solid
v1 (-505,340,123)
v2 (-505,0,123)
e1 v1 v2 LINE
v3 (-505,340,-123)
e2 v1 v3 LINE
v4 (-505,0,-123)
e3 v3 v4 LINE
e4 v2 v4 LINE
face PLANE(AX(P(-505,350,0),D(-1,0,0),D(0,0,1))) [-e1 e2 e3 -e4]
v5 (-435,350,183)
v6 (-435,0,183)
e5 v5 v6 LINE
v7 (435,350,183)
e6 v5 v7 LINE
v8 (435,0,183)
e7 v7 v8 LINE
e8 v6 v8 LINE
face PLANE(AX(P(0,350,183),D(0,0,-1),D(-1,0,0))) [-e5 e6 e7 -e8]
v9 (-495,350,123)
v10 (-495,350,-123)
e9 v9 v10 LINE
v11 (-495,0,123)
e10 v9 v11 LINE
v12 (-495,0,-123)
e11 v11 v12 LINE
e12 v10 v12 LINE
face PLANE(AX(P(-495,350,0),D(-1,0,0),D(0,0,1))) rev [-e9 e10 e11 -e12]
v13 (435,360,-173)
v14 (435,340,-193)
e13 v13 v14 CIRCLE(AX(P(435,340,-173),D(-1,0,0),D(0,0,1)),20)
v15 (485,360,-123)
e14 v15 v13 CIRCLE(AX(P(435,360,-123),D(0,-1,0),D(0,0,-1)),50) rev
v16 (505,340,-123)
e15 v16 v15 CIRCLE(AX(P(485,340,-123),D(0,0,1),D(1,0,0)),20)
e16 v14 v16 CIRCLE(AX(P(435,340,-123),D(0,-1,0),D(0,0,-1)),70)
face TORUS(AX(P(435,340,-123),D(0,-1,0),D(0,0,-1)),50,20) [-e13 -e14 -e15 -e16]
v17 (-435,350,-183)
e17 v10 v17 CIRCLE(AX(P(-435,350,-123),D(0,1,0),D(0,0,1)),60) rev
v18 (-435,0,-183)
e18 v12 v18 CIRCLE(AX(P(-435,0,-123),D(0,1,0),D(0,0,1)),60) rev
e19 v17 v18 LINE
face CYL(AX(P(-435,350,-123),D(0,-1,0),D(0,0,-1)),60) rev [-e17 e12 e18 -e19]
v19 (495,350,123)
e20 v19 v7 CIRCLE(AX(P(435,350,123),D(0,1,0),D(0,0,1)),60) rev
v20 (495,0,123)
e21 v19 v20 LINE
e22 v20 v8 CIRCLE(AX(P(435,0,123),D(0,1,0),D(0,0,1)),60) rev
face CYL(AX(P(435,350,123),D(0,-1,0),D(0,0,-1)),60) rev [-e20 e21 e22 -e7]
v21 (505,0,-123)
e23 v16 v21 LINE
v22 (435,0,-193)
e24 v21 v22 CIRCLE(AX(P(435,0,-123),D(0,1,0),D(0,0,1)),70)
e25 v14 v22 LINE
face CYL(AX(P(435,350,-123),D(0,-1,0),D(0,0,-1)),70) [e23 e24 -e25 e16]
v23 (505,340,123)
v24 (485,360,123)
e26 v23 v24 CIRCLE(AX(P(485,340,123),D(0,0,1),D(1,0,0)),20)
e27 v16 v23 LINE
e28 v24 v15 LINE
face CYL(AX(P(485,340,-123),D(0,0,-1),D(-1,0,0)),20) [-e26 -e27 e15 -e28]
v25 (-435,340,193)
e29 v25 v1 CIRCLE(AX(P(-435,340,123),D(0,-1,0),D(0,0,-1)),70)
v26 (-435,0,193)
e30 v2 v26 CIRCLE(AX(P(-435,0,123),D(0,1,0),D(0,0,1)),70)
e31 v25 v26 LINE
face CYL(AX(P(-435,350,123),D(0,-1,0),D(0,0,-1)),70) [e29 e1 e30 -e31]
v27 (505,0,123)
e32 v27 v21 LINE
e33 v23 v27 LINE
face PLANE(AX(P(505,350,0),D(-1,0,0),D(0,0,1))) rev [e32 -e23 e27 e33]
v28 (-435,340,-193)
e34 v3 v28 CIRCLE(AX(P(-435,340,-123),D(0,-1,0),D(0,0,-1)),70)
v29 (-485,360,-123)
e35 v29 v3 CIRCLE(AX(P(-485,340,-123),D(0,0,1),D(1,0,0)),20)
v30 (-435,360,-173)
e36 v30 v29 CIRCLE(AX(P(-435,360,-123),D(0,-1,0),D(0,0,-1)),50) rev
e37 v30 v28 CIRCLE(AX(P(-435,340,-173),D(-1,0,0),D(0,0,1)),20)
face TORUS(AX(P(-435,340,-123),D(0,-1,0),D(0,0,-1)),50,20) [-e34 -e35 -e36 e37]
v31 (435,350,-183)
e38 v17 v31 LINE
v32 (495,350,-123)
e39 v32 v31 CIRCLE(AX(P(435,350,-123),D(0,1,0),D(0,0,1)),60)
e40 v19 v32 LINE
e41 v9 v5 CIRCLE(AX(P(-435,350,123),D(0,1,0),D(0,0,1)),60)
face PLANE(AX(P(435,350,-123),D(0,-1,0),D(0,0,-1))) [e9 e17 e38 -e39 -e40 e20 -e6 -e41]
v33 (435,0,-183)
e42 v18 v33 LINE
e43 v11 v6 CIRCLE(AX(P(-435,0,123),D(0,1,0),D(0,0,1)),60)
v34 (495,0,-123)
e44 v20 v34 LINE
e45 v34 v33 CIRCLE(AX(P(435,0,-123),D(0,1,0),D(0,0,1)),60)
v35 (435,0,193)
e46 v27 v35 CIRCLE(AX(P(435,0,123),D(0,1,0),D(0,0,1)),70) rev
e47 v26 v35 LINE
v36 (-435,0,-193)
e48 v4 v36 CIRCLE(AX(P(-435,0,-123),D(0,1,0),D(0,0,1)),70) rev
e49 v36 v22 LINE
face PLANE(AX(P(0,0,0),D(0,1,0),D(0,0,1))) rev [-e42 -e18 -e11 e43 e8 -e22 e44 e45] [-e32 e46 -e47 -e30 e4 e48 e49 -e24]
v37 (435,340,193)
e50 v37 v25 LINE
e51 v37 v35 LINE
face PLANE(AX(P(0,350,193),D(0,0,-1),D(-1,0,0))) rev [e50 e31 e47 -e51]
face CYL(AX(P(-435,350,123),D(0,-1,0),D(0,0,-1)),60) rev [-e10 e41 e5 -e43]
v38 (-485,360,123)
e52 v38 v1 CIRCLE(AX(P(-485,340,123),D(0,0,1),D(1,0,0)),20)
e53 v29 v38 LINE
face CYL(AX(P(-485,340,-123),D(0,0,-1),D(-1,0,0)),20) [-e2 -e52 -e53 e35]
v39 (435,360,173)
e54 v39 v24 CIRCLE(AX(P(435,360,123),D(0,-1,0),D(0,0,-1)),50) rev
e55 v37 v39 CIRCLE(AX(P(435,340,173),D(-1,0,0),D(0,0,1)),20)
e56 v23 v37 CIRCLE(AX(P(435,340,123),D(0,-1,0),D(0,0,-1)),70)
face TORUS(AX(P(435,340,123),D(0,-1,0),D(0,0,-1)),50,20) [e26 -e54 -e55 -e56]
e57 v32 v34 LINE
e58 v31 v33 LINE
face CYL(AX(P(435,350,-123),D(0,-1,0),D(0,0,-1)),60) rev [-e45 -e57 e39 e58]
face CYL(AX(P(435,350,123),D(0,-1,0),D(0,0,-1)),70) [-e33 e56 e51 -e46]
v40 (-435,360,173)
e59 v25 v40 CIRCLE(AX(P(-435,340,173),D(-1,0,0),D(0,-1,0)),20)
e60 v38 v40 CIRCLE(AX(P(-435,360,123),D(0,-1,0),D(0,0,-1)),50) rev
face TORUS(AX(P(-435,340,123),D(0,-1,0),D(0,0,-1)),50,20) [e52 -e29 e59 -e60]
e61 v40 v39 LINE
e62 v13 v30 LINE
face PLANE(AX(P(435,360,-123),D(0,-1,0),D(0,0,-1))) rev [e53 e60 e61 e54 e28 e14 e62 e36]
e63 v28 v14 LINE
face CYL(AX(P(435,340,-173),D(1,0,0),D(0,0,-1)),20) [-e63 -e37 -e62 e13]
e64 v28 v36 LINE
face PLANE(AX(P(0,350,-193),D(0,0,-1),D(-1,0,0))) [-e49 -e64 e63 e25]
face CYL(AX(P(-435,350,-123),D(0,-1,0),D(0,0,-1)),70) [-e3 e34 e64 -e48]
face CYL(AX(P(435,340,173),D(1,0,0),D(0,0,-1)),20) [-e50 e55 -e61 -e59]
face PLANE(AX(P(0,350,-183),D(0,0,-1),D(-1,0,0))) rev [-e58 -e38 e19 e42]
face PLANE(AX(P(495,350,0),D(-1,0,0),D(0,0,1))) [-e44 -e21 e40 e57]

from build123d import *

# Parameters (mm, degrees)
BOSS_EXTRUDE1_DEPTH = 350
BOSS_EXTRUDE2_DEPTH = 10
FILLET1_R           = 20


with BuildPart() as part:
    # Sketch1 → Boss-Extrude1 (new body)
    with BuildSketch(Plane(origin=(0, 0, 0), x_dir=(1, 0, 0), z_dir=(0, 1, 0))):
        with BuildLine():
            Line((-505, -123), (-505, 123))
            ThreePointArc((-505, 123), (-484.497474683, 172.497474683), (-435, 193))
            Line((-435, 193), (435, 193))
            ThreePointArc((435, 193), (484.497474683, 172.497474683), (505, 123))
            Line((505, 123), (505, -123))
            ThreePointArc((505, -123), (484.497474683, -172.497474683), (435, -193))
            Line((435, -193), (-435, -193))
            ThreePointArc((-435, -193), (-484.497474683, -172.497474683), (-505, -123))
        make_face()
        with BuildLine():
            ThreePointArc((495, 123), (477.426406871, 165.426406871), (435, 183))
            Line((435, 183), (-435, 183))
            ThreePointArc((-435, 183), (-477.426406871, 165.426406871), (-495, 123))
            Line((-495, 123), (-495, -123))
            ThreePointArc((-495, -123), (-477.426406871, -165.426406871), (-435, -183))
            Line((-435, -183), (435, -183))
            ThreePointArc((435, -183), (477.426406871, -165.426406871), (495, -123))
            Line((495, -123), (495, 123))
        make_face(mode=Mode.SUBTRACT)
    extrude(amount=BOSS_EXTRUDE1_DEPTH)

    # Sketch2 → Boss-Extrude2 (add)
    with BuildSketch(Plane(origin=(0, 350, 0), x_dir=(1, 0, 0), z_dir=(0, 1, 0))):
        with BuildLine():
            Line((-435, -193), (435, -193))
            ThreePointArc((435, -193), (484.497474683, -172.497474683), (505, -123))
            Line((505, -123), (505, 123))
            ThreePointArc((505, 123), (484.497474683, 172.497474683), (435, 193))
            Line((435, 193), (-435, 193))
            ThreePointArc((-435, 193), (-484.497474683, 172.497474683), (-505, 123))
            Line((-505, 123), (-505, -123))
            ThreePointArc((-505, -123), (-484.497474683, -172.497474683), (-435, -193))
        make_face()
    extrude(amount=BOSS_EXTRUDE2_DEPTH)

    # Fillet1
    fillet1_edges = [part.edges().sort_by_distance(p)[0] for p in [
        (484.497474683, 360, -172.497474683),
        (0, 360, -193),
        (-484.497474683, 360, -172.497474683),
        (-505, 360, 0),
        (-484.497474683, 360, 172.497474683),
        (0, 360, 193),
        (484.497474683, 360, 172.497474683),
        (505, 360, 0),
    ]]
    fillet(fillet1_edges, radius=FILLET1_R)


solid = part.part
